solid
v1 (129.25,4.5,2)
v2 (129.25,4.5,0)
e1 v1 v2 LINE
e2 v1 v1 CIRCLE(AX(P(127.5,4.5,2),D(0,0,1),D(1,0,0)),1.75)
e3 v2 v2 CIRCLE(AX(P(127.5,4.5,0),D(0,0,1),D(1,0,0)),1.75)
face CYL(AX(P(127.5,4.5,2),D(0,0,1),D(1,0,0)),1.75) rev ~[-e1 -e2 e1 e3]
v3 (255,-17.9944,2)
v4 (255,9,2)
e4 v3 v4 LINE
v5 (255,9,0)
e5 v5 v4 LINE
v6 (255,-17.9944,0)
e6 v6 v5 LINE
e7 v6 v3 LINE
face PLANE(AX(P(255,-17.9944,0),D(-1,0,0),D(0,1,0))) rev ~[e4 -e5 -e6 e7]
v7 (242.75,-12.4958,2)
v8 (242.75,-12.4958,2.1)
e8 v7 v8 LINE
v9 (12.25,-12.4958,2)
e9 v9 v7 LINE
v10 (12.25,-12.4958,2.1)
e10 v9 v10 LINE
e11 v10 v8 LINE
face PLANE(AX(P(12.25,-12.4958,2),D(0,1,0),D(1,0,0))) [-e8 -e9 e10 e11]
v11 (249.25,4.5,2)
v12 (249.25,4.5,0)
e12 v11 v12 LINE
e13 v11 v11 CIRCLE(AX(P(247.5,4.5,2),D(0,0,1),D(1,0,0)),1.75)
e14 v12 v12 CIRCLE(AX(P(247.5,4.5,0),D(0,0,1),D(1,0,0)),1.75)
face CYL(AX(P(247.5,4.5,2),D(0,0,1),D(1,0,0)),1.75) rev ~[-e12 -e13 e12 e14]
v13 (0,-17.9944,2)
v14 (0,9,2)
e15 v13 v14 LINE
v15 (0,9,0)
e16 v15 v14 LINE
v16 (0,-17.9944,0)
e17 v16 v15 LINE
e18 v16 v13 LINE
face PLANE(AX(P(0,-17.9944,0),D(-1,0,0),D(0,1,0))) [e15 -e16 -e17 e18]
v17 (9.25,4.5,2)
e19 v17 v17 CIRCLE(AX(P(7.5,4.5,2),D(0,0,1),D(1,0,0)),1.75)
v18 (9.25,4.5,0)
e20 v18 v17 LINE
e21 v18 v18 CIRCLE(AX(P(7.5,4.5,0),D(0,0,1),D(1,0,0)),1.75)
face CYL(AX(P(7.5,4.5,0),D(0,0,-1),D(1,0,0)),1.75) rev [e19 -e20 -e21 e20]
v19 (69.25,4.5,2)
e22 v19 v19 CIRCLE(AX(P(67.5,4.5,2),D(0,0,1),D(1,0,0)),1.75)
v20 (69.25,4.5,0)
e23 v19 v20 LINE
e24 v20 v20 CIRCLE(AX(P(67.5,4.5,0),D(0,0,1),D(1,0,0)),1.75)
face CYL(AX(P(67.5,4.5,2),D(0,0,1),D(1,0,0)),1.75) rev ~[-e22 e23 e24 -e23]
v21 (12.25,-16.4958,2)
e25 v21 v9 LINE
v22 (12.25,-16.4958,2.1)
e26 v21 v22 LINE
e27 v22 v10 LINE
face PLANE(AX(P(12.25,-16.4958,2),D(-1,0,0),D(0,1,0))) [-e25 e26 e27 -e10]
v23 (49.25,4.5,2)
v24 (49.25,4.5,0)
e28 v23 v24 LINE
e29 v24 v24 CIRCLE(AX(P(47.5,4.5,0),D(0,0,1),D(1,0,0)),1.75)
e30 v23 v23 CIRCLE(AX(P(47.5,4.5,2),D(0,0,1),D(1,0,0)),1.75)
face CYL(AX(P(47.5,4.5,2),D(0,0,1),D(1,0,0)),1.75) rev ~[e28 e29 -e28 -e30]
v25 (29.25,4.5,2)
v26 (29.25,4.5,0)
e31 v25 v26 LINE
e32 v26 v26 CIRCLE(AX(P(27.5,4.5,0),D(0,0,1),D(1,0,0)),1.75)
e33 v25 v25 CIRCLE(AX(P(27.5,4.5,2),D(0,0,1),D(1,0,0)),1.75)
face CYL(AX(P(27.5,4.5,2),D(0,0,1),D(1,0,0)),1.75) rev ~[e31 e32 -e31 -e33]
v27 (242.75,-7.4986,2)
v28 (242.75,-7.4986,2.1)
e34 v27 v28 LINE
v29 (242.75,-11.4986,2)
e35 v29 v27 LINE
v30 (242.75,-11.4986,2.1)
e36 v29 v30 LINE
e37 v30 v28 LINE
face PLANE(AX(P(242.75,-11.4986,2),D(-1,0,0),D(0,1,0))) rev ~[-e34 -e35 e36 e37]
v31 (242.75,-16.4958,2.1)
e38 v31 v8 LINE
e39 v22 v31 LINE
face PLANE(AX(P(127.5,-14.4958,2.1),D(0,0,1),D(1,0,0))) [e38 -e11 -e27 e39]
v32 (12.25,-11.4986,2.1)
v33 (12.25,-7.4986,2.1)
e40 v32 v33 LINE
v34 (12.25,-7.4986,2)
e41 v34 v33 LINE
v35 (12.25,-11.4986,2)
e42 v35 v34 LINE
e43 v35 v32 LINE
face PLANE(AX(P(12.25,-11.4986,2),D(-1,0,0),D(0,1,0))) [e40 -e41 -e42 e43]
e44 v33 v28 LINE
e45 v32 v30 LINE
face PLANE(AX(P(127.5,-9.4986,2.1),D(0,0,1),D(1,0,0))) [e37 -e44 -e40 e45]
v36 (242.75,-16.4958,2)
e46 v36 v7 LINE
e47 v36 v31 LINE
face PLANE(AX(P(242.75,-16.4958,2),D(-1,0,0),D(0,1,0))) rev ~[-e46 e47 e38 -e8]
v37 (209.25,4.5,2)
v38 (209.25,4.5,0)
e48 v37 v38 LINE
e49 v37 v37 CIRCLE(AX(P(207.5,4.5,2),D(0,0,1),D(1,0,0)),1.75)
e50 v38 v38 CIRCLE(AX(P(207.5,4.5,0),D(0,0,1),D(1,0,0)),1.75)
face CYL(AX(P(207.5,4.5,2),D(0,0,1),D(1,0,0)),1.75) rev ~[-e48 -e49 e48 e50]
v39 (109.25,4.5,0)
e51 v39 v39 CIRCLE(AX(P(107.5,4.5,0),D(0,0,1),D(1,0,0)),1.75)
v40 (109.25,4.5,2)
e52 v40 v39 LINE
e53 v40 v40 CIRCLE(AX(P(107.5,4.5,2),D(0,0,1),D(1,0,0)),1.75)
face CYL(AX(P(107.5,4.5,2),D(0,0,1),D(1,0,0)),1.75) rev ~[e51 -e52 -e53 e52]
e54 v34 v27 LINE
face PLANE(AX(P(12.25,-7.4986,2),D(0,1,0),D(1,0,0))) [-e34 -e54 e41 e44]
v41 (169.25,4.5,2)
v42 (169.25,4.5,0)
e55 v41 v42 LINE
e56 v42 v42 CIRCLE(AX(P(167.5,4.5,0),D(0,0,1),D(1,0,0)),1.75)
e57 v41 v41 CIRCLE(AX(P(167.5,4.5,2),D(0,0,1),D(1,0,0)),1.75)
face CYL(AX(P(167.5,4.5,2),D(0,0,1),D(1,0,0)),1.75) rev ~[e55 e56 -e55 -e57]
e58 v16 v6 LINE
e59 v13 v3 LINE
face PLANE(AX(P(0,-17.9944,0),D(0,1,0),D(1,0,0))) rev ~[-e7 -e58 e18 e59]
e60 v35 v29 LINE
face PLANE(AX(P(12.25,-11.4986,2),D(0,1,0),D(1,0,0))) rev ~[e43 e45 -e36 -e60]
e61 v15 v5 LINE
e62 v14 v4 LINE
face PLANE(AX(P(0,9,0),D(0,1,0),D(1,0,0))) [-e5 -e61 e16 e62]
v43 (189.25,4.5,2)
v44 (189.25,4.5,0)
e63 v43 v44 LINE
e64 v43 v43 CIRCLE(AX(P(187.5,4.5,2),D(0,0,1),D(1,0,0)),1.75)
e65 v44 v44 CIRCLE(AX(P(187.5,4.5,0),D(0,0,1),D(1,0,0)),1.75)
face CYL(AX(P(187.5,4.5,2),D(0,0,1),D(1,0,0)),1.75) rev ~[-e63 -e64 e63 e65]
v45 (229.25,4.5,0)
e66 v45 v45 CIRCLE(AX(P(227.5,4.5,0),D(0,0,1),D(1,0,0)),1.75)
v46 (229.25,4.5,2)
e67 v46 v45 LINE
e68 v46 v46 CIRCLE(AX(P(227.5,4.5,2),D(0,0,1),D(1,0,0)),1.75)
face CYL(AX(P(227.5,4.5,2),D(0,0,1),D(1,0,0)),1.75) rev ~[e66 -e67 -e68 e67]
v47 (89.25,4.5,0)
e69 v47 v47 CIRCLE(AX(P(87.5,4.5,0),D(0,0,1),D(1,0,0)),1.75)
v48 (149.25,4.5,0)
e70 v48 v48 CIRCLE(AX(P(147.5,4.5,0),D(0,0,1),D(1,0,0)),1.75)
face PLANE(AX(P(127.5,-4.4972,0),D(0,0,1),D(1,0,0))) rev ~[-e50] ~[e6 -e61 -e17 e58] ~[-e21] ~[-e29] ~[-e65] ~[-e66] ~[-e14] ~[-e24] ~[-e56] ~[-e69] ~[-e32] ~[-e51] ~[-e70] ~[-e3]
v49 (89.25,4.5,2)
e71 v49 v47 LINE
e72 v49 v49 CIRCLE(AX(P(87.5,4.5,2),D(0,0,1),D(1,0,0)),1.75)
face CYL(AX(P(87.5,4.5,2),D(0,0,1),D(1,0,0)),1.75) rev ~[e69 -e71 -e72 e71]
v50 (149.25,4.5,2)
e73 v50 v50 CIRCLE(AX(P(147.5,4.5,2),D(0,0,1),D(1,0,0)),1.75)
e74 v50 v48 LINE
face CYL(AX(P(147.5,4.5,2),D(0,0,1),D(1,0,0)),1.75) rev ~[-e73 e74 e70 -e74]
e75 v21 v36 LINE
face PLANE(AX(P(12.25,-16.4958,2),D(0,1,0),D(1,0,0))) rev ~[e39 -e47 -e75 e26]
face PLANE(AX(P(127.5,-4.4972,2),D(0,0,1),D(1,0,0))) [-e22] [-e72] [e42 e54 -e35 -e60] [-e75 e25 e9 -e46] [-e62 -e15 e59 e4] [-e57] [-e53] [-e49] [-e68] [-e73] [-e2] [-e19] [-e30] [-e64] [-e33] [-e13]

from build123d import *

# Parameters (mm, degrees)
SKETCH_W            = 255
SKETCH_H            = 26.9944
SKETCH_R            = 1.75
PAD_DEPTH           = 2
SKETCH001_R         = 1.75
POCKET_DEPTH        = 2.001
LINEARPATTERN_COUNT = 13
LINEARPATTERN_PITCH = 20
SKETCH002_W         = 230.5
SKETCH002_H         = 4
PAD001_DEPTH        = 0.1


with BuildPart() as part:
    # Sketch → Pad (new body)
    with BuildSketch(Plane.XY):
        with Locations((127.5, -4.4972)):
            Rectangle(SKETCH_W, SKETCH_H)
        with Locations((7.5, 4.5)):
            Circle(SKETCH_R, mode=Mode.SUBTRACT)
    extrude(amount=PAD_DEPTH)

    # Sketch001 (on Face7 of Pad) → Pocket (cut, through all)
    with BuildSketch(Plane.XY.offset(2)):
        with Locations((7.5, 4.5)):
            Circle(SKETCH001_R)
    pocket = extrude(amount=-POCKET_DEPTH, mode=Mode.SUBTRACT)

    # LinearPattern: Pocket ×13
    with Locations(*[(i * LINEARPATTERN_PITCH, 0, 0) for i in range(1, LINEARPATTERN_COUNT)]):
        add(pocket, mode=Mode.SUBTRACT)

    # Sketch002 (on Face5 of LinearPattern) → Pad001 (join)
    with BuildSketch(Plane.XY.offset(2)):
        with Locations((127.5, -9.4986)):
            Rectangle(SKETCH002_W, SKETCH002_H)
        with Locations((127.5, -14.4958)):
            Rectangle(SKETCH002_W, SKETCH002_H)
    extrude(amount=PAD001_DEPTH)


solid = part.part
